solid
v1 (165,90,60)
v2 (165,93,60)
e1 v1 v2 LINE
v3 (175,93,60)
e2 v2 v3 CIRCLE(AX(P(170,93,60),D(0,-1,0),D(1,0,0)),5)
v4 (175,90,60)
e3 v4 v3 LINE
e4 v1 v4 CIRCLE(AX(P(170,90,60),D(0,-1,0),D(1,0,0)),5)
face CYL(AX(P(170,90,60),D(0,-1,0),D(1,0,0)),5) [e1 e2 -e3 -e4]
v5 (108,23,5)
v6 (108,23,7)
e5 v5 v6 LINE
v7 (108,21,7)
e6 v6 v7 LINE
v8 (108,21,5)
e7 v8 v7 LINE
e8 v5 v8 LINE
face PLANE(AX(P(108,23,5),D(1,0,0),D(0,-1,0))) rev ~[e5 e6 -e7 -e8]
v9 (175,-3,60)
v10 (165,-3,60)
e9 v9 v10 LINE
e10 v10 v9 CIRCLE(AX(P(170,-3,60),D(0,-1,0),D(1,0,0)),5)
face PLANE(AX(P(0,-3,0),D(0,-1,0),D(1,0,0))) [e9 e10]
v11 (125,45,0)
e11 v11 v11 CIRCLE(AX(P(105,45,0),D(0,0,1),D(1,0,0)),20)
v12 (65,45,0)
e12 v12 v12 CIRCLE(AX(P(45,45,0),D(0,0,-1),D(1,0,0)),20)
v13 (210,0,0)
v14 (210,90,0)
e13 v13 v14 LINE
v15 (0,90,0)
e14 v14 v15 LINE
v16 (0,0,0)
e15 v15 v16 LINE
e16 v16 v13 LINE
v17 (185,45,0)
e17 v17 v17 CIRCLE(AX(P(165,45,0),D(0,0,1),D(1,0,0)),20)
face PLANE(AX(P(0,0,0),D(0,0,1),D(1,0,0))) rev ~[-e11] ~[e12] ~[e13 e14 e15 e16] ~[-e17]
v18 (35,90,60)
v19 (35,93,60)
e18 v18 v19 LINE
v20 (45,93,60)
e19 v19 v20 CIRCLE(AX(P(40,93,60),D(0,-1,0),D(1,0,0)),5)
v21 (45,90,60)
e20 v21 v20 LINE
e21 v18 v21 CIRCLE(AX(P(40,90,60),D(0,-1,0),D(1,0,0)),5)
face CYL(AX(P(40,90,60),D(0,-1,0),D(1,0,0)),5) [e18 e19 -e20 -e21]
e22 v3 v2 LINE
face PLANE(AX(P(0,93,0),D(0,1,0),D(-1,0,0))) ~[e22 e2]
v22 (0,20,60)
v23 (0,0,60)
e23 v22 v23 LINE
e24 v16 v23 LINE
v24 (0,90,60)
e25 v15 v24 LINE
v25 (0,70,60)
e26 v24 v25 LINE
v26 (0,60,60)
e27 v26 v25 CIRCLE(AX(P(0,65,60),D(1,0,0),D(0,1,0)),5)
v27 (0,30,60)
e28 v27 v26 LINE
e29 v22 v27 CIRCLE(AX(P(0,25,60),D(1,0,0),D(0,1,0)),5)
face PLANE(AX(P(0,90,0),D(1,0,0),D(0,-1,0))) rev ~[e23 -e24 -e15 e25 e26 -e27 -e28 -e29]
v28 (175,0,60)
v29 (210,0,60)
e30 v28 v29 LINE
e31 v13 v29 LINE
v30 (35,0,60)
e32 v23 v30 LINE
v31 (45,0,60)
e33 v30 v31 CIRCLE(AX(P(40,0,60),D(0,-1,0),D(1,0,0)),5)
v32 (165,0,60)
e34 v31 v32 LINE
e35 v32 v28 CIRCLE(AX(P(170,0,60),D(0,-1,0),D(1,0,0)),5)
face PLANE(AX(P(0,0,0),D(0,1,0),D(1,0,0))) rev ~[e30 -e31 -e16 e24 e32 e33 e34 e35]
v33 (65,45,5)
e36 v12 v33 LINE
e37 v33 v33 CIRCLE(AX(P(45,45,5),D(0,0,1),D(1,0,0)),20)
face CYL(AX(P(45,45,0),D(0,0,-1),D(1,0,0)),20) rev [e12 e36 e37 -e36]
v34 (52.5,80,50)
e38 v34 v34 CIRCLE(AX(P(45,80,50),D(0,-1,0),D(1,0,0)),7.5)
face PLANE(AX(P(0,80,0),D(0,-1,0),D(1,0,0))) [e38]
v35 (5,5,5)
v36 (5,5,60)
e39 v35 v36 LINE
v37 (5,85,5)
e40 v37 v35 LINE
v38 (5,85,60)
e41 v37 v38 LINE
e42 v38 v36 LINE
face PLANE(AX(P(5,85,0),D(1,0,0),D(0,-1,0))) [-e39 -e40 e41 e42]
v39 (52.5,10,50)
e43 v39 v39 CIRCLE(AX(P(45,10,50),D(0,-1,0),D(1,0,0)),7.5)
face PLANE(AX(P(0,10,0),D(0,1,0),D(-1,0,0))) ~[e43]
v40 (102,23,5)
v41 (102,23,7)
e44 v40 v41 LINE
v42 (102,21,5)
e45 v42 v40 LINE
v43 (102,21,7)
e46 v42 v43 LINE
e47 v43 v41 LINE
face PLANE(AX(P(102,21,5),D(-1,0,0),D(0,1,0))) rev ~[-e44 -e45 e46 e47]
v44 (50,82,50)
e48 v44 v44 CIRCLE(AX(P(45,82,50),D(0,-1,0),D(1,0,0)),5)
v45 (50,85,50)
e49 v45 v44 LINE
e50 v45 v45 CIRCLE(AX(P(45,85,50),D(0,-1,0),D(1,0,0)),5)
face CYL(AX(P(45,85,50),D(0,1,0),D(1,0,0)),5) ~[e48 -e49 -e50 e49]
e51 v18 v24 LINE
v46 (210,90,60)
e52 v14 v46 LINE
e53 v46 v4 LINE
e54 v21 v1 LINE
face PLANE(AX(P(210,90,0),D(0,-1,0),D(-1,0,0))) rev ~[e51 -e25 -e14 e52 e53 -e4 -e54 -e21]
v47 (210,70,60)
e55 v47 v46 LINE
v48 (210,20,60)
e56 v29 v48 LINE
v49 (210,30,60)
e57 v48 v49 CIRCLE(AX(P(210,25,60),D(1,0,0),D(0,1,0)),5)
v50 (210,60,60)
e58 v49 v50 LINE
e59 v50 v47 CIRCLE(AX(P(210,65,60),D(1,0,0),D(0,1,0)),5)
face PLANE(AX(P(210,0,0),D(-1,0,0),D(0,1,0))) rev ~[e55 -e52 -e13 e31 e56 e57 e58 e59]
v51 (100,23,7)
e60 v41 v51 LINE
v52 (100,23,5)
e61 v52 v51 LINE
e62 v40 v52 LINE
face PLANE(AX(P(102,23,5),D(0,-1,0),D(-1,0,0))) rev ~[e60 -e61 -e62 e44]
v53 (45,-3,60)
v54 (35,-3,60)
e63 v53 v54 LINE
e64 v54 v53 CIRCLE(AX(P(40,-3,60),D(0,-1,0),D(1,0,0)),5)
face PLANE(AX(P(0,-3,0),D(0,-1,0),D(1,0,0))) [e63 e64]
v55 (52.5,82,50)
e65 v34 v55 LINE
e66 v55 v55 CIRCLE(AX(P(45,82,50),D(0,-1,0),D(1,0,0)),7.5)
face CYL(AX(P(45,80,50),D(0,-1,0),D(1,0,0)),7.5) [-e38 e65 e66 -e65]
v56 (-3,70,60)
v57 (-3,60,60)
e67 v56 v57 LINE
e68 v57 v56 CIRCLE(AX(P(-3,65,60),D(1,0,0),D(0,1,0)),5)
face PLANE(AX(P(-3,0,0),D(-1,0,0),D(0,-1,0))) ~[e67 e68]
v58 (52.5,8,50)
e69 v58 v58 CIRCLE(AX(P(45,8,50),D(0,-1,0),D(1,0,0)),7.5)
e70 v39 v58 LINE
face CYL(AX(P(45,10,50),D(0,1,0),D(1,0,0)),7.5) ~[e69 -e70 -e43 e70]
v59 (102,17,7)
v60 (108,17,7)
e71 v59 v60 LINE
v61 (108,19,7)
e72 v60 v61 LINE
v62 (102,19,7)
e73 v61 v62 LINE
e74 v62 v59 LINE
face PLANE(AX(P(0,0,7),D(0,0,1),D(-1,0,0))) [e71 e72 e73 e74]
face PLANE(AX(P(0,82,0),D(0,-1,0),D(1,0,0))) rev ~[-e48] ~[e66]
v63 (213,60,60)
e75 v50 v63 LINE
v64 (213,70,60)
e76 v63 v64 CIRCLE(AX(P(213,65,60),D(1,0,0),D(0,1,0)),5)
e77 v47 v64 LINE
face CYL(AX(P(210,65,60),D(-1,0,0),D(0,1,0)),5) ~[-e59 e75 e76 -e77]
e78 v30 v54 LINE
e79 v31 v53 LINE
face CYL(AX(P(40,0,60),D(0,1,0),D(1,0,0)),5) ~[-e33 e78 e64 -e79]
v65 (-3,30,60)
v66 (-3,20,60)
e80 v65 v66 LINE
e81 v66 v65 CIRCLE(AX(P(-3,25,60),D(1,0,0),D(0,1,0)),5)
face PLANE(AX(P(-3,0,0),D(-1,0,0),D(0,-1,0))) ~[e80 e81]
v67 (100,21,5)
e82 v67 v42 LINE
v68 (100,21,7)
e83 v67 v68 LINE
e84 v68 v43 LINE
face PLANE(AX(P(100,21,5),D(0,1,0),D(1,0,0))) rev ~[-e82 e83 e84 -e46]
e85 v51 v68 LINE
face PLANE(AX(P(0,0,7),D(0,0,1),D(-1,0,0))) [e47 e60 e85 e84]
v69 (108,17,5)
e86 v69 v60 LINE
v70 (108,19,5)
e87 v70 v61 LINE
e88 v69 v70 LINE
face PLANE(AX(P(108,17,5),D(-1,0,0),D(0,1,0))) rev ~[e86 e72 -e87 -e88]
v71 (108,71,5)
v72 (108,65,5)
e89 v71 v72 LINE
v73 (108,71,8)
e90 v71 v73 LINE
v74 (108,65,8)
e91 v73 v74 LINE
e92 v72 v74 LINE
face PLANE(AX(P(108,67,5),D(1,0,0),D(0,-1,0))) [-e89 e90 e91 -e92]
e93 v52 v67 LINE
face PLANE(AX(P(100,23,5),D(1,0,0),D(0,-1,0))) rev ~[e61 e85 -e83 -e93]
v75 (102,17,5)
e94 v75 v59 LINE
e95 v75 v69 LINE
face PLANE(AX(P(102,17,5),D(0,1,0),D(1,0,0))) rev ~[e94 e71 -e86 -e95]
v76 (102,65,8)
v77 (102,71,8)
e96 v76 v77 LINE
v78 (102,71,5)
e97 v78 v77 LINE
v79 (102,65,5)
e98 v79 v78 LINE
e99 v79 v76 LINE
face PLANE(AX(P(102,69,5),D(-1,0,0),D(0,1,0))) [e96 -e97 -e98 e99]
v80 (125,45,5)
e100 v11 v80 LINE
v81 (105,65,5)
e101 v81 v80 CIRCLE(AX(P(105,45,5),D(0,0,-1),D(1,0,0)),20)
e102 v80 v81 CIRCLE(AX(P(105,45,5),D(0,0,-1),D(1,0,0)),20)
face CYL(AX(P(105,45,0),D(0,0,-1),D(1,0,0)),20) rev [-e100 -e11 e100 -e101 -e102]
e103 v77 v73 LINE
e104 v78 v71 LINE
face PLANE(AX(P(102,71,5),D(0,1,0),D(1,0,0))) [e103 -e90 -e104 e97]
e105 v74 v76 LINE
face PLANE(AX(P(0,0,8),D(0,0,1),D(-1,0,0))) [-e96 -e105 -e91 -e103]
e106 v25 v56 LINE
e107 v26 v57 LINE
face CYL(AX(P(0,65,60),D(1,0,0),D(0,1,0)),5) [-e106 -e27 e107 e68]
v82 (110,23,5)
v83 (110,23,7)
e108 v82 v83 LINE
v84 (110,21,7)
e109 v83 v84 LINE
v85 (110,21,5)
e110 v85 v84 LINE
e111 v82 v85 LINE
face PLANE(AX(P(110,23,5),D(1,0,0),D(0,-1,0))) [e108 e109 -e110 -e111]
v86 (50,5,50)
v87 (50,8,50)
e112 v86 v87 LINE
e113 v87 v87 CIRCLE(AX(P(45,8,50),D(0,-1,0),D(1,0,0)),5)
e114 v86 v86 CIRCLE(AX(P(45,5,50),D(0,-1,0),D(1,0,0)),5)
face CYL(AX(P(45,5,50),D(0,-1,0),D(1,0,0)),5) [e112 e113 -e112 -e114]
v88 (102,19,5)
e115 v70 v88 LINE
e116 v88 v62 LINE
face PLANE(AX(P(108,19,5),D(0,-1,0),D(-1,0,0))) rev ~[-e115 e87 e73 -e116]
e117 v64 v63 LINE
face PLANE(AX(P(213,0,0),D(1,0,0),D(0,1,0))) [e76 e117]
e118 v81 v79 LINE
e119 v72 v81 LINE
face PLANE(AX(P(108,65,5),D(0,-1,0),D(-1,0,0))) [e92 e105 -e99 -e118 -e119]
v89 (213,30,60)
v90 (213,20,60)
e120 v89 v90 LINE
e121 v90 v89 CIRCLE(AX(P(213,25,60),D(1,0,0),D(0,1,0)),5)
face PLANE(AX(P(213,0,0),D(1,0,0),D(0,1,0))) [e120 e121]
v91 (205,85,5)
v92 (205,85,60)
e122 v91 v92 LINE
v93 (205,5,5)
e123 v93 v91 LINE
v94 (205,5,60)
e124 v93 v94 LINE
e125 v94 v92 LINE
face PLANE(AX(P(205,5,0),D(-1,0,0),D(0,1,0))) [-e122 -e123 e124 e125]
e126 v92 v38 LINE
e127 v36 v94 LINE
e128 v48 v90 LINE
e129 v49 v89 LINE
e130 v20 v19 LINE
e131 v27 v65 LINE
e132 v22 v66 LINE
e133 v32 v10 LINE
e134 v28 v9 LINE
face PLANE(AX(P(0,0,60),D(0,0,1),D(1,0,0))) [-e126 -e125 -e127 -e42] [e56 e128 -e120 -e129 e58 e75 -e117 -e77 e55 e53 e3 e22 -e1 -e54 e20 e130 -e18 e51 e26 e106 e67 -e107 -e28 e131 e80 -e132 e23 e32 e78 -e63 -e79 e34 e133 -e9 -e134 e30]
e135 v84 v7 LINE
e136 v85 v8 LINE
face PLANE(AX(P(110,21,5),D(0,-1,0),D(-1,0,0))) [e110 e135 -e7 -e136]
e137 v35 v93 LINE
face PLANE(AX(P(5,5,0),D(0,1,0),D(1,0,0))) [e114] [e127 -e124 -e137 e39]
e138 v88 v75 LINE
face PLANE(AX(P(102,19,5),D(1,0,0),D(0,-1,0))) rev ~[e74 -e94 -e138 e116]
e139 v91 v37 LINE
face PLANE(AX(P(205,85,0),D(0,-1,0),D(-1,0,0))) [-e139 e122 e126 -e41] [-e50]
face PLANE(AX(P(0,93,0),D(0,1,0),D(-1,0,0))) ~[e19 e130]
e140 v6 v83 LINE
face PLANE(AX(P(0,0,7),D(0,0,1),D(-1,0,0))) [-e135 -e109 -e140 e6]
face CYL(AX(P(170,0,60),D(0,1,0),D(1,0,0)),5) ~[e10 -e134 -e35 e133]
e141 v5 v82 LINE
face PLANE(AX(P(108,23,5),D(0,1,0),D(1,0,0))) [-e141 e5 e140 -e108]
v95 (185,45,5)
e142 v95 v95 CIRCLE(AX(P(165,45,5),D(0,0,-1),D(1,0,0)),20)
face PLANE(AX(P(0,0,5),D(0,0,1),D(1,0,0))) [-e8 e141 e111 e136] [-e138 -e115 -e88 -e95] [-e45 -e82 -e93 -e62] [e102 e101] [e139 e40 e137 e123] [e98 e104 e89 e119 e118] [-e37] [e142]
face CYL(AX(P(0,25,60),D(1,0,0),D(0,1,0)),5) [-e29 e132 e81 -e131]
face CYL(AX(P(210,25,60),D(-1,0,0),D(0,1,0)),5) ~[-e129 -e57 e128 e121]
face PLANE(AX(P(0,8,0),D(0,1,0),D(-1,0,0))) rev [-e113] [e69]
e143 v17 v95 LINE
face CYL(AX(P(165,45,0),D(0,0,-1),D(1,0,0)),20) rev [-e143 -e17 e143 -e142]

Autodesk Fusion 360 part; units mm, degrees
sketch "Sketch1" plane through (0, 0, 0) normal (0, 0, 1) x (1, 0, 0)
  line L0 (0, 0) -> (210, 0)
  line L1 (210, 0) -> (210, 90)
  line L2 (210, 90) -> (0, 90)
  line L3 (0, 90) -> (0, 0)
  line L4 (5, 5) -> (205, 5)
  line L5 (205, 5) -> (205, 85)
  line L6 (205, 85) -> (5, 85)
  line L7 (5, 85) -> (5, 5)
  circle A0 centre (45, 45) radius 20
  circle A1 centre (105, 45) radius 20
  circle A2 centre (165, 45) radius 20
  dimension "d1" = 210
  dimension "d2" = 90
  dimension "d3" = 200
  dimension "d4" = 80
  dimension "d5" = 5
  dimension "d6" = 5
  dimension "d7" = 40
  dimension "d8" = 40
  dimension "d9" = 40
  dimension "d10" = 105
  dimension "d11" = 45
  dimension "d12" = 45
  dimension "d13" = 45
  dimension "d14" = 60
  dimension "d15" = 60
extrude "Extrude1" add sketch "Sketch1" along normal blind 5 contours L4 L5 L6 L7
extrude "Extrude2" add sketch "Sketch1" along normal blind 60 contours L0 L1 L2 L3
sketch "Sketch2" plane through (210, 0, 0) normal (1, 0, 0) x (0, 1, 0)
  line L0 (0, 0) -> (90, 0)
  line L1 (90, 0) -> (90, 60)
  line L2 (90, 60) -> (0, 60)
  line L3 (0, 60) -> (0, 0)
  circle A0 centre (25, 60) radius 5
  circle A1 centre (65, 60) radius 5
  line L4 (20, 60) -> (30, 60)
  line L5 (60, 60) -> (70, 60)
  dimension "d20" = 10
  dimension "d21" = 10
  dimension "d22" = 25
  dimension "d23" = 25
extrude "Extrude3" add sketch "Sketch2" along normal blind 3 contours L2 A0 L4 | L2 A1 L5 picked at (25.8333, 56.3489) picked at (63.59, 57.0721)
sketch "Sketch3" plane through (0, 0, 0) normal (0, -1, 0) x (1, 0, 0)
  line L0 (0, 0) -> (210, 0)
  line L1 (210, 0) -> (210, 60)
  line L2 (210, 60) -> (0, 60)
  line L3 (0, 60) -> (0, 0)
  circle A0 centre (40, 60) radius 5
  circle A1 centre (170, 60) radius 5
  line L4 (35, 60) -> (45, 60)
  line L5 (165, 60) -> (175, 60)
  dimension "d26" = 10
  dimension "d27" = 10
  dimension "d28" = 40
  dimension "d29" = 40
extrude "Extrude4" add sketch "Sketch3" along normal blind 3 contours L2 A0 L4 | L2 A1 L5 picked at (38.8698, 57.4825) picked at (169.3911, 57.9517)
ref_plane "WorkPlane1" through (105, 45, 30) normal (0, -1, 0) x (1, 0, 0)
ref_plane "WorkPlane2" through (105, 0, 0) normal (1, 0, 0) x (0, 1, 0)
mirror "Mirror1" about plane through (105, 45, 30) normal (0, -1, 0) of bodies 1 merged
mirror "Mirror2" about plane through (105, 0, 0) normal (1, 0, 0) of bodies 1 merged
sketch "Sketch4" plane through (0, 85, 0) normal (0, -1, 0) x (1, 0, 0)
  line L0 (5, 5) -> (205, 5)
  line L1 (205, 5) -> (205, 60)
  line L2 (205, 60) -> (5, 60)
  line L3 (5, 60) -> (5, 5)
  circle A0 centre (45, 50) radius 5
  line L4 (0, 0) -> (0, 60)
  dimension "d38" = 45
  dimension "d39" = 10
extrude "Extrude5" add sketch "Sketch4" along normal blind 5 contours A0
sketch "Sketch5" plane through (0, 80, 0) normal (0, -1, 0) x (1, 0, 0)
  circle A0 centre (45, 50) radius 5
  circle A1 centre (45, 50) radius 7.5
  dimension "d42" = 15
extrude "Extrude6" add sketch "Sketch5" against normal blind 2
mirror "Mirror3" about plane through (105, 45, 30) normal (0, -1, 0) of bodies 1 merged
sketch "Sketch6" plane through (0, 0, 5) normal (0, 0, 1) x (-1, 0, 0)
  arc A0 (-65, -45) -> (-25, -45) centre (-45, -45) ccw
  arc A1 (-25, -45) -> (-65, -45) centre (-45, -45) ccw
  arc A2 (-125, -45) -> (-85, -45) centre (-105, -45) ccw
  arc A3 (-85, -45) -> (-125, -45) centre (-105, -45) ccw
  arc A4 (-185, -45) -> (-145, -45) centre (-165, -45) ccw
  arc A5 (-145, -45) -> (-185, -45) centre (-165, -45) ccw
  line L0 (-5, -85) -> (-5, -5)
  line L1 (-5, -5) -> (-205, -5)
  line L2 (-205, -5) -> (-205, -85)
  line L3 (-205, -85) -> (-5, -85)
  line L4 (-102, -71) -> (-108, -71)
  line L5 (-108, -71) -> (-108, -65)
  line L6 (-108, -65) -> (-102, -65)
  line L7 (-102, -65) -> (-102, -71)
  line L8 (-102, -25) -> (-108, -25)
  line L9 (-108, -25) -> (-108, -19)
  line L10 (-108, -19) -> (-102, -19)
  line L11 (-102, -19) -> (-102, -25)
  circle A6 centre (-105, -45) radius 20
  line L12 (-210, 0) -> (-210, -90)
  line L13 (-102, -71) -> (-108, -71)
  line L14 (-108, -71) -> (-108, -73)
  line L15 (-108, -73) -> (-102, -73)
  line L16 (-102, -73) -> (-102, -71)
  line L17 (-108, -69) -> (-110, -69)
  line L18 (-110, -69) -> (-110, -67)
  line L19 (-110, -67) -> (-108, -67)
  line L20 (-108, -67) -> (-108, -69)
  line L21 (-102, -69) -> (-100, -69)
  line L22 (-100, -69) -> (-100, -67)
  line L23 (-100, -67) -> (-102, -67)
  line L24 (-102, -67) -> (-102, -69)
  line L25 (-108, -19) -> (-102, -19)
  line L26 (-102, -19) -> (-102, -17)
  line L27 (-102, -17) -> (-108, -17)
  line L28 (-108, -17) -> (-108, -19)
  line L29 (-108, -23) -> (-110, -23)
  line L30 (-110, -23) -> (-110, -21)
  line L31 (-110, -21) -> (-108, -21)
  line L32 (-108, -21) -> (-108, -23)
  line L33 (-102, -23) -> (-100, -23)
  line L34 (-100, -23) -> (-100, -21)
  line L35 (-100, -21) -> (-102, -21)
  line L36 (-102, -21) -> (-102, -23)
  dimension "d47" = 6
  dimension "d48" = 6
  dimension "d49" = 6
  dimension "d50" = 6
  dimension "d51" = 102
  dimension "d52" = 2
  dimension "d53" = 2
  dimension "d54" = 2
  dimension "d55" = 2
  dimension "d56" = 2
  dimension "d57" = 2
  dimension "d58" = 2
  dimension "d63" = 6
  dimension "d64" = 2
  dimension "d65" = 2
  dimension "d66" = 2
  dimension "d67" = 2
  dimension "d68" = 2
  dimension "d69" = 2
  dimension "d70" = 2
extrude "Extrude7" add sketch "Sketch6" along normal blind 3 contours L4 L5 L6 L7 L13 L20 L24
extrude "Extrude8" add sketch "Sketch6" along normal blind 2 contours L11 L33 L34 L35 L36 | L9 L29 L30 L31 L32 | L10 L25 L26 L27 L28
